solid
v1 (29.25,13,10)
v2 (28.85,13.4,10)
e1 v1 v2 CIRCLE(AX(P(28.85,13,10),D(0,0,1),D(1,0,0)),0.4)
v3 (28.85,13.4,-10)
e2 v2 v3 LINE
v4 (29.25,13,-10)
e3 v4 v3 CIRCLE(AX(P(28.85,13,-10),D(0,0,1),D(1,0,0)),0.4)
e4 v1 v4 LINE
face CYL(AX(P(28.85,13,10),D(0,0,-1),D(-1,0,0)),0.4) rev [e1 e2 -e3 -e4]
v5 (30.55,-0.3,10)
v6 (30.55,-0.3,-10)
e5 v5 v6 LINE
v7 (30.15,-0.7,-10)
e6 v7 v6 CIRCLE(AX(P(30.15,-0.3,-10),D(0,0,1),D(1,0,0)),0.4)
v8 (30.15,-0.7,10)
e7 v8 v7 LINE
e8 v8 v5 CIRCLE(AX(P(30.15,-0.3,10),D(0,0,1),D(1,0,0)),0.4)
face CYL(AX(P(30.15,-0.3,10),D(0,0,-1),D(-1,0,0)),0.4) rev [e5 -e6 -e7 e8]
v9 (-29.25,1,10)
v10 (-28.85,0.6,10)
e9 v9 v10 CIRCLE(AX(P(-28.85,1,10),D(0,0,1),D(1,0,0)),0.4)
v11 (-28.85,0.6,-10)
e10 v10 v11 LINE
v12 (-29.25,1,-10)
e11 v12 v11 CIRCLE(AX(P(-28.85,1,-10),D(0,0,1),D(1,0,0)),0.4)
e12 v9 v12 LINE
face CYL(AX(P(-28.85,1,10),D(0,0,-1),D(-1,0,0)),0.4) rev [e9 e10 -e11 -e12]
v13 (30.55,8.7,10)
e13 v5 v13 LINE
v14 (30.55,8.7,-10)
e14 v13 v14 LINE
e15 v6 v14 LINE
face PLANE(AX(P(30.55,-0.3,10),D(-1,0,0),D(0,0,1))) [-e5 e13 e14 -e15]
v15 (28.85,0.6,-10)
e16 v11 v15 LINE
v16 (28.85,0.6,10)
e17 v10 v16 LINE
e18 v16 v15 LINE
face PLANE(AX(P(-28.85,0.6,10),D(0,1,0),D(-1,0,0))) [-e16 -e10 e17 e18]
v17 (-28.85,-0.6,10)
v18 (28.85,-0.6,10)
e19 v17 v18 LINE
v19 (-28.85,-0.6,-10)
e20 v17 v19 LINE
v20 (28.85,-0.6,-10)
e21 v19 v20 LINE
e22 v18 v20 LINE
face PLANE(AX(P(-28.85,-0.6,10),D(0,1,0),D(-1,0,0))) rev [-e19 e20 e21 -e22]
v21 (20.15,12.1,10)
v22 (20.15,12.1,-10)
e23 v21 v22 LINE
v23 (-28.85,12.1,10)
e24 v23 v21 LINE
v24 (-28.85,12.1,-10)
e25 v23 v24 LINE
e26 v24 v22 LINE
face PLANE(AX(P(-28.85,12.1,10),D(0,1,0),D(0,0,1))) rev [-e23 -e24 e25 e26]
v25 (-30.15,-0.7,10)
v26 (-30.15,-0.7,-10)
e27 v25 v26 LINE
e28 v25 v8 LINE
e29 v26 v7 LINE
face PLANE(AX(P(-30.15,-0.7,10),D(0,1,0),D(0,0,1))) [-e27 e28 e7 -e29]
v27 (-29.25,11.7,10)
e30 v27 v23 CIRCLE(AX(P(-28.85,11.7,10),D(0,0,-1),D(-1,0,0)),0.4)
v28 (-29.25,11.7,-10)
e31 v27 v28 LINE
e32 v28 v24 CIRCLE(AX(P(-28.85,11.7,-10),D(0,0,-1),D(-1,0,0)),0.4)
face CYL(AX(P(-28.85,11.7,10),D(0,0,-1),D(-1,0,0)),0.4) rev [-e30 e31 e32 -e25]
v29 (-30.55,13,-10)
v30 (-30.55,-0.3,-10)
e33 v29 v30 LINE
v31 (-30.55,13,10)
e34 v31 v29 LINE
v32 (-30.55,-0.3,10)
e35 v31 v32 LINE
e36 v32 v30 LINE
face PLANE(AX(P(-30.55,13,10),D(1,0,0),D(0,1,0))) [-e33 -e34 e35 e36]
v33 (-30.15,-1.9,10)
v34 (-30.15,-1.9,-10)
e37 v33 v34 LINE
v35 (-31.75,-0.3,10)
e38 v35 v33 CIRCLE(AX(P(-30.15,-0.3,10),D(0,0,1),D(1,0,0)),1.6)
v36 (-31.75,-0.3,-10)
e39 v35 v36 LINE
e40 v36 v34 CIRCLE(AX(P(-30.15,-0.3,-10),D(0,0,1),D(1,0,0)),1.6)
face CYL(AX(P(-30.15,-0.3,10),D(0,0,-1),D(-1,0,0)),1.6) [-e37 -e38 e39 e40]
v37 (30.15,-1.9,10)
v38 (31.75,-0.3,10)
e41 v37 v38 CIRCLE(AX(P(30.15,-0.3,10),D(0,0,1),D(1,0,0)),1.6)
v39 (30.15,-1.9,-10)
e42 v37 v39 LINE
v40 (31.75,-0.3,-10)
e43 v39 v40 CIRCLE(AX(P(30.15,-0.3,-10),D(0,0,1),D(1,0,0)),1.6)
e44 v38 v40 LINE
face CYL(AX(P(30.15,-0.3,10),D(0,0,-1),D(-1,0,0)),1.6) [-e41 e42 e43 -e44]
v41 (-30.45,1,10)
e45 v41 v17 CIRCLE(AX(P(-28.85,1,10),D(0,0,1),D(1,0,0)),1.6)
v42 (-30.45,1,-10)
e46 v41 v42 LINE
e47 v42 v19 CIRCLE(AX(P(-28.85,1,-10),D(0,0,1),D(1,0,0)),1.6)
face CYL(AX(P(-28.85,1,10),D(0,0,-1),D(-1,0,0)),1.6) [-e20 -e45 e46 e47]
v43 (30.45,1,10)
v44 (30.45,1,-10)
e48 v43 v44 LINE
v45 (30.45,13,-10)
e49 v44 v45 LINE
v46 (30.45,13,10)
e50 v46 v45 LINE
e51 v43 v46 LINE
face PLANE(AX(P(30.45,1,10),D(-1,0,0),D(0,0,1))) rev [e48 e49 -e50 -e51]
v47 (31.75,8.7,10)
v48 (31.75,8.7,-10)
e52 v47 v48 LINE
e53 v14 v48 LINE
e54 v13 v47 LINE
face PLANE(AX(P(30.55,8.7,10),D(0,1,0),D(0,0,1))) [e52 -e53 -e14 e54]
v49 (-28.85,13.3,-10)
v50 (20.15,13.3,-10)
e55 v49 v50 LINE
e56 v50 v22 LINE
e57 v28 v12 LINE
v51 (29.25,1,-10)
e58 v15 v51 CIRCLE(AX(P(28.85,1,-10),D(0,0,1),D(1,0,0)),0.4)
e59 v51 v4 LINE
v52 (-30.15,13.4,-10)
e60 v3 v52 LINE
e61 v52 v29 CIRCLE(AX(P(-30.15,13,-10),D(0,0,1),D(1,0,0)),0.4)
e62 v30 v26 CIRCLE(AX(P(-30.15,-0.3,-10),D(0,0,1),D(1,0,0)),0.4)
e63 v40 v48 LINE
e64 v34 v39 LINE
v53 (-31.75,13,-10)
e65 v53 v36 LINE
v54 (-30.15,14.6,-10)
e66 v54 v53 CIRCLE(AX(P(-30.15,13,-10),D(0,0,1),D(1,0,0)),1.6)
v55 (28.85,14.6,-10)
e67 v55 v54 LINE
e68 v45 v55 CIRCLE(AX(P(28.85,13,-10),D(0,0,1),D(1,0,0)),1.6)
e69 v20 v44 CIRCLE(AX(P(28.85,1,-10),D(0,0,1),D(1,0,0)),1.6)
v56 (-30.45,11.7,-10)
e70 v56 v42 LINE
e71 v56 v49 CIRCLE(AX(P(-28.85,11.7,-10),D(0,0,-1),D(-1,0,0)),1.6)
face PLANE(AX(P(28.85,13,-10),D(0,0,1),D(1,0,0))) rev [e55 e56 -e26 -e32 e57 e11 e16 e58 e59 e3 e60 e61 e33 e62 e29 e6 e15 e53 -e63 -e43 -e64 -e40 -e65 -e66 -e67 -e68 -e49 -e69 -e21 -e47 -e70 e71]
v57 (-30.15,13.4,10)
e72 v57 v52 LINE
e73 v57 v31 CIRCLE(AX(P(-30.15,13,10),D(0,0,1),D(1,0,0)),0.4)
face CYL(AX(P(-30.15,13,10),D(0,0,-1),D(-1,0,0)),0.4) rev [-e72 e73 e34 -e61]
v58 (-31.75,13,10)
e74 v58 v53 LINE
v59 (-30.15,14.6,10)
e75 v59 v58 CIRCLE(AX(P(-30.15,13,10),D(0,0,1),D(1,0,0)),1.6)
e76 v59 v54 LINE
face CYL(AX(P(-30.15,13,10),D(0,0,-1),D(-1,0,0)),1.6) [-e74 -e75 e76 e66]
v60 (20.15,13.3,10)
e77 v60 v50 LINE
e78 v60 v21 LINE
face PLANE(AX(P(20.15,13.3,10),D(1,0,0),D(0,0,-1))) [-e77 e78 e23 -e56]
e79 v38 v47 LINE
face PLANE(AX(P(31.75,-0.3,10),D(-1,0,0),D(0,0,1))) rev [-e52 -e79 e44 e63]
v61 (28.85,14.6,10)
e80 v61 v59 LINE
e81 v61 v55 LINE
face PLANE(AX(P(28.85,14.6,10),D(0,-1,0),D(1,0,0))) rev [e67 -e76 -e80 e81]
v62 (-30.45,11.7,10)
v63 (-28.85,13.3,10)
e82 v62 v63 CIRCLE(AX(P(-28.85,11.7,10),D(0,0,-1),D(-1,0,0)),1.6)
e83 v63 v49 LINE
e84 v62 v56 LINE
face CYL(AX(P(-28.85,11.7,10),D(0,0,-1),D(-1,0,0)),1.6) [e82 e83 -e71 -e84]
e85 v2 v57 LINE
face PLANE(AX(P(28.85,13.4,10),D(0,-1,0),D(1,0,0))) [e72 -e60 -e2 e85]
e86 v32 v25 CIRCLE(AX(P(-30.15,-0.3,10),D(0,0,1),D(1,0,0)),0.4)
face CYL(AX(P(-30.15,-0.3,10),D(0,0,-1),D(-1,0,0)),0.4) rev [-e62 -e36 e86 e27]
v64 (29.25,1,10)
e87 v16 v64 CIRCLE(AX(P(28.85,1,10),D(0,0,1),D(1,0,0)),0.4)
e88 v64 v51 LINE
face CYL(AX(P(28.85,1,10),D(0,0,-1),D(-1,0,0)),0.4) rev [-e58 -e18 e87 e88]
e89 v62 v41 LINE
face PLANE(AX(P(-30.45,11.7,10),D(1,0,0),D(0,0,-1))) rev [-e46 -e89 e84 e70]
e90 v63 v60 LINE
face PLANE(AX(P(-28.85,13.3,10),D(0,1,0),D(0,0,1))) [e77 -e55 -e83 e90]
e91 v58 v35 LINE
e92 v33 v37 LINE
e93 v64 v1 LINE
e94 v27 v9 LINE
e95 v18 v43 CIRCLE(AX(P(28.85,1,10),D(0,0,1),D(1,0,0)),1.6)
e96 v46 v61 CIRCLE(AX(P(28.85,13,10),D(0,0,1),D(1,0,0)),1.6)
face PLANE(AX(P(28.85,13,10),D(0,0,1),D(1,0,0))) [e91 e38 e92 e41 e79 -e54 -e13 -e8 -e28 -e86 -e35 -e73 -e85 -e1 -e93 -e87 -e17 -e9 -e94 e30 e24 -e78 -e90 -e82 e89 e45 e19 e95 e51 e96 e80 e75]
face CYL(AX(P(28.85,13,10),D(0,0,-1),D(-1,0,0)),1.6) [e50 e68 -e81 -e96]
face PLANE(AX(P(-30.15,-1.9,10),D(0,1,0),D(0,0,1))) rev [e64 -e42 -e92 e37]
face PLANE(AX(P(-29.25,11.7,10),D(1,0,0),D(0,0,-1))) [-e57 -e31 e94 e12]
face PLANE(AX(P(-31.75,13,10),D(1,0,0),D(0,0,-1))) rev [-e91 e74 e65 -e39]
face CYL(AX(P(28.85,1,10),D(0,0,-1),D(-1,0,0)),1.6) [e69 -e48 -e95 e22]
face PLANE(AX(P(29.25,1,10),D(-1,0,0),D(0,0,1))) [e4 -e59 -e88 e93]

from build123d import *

# Parameters (mm, degrees)
BOSS_EXTRUDE2_DEPTH = 10


with BuildPart() as part:
    # Sketch1 → Boss-Extrude2 (new, symmetric)
    with BuildSketch(Plane.XY):
        with BuildLine():
            Line((-28.85, 13.3), (20.15, 13.3))
            Line((20.15, 13.3), (20.15, 12.1))
            Line((20.15, 12.1), (-28.85, 12.1))
            ThreePointArc((-28.85, 12.1), (-29.132842712, 11.982842712), (-29.25, 11.7))
            Line((-29.25, 11.7), (-29.25, 1))
            ThreePointArc((-29.25, 1), (-29.132842712, 0.717157288), (-28.85, 0.6))
            Line((-28.85, 0.6), (28.85, 0.6))
            ThreePointArc((28.85, 0.6), (29.132842712, 0.717157288), (29.25, 1))
            Line((29.25, 1), (29.25, 13))
            ThreePointArc((29.25, 13), (29.132842712, 13.282842712), (28.85, 13.4))
            Line((28.85, 13.4), (-30.15, 13.4))
            ThreePointArc((-30.15, 13.4), (-30.432842712, 13.282842712), (-30.55, 13))
            Line((-30.55, 13), (-30.55, -0.3))
            ThreePointArc((-30.55, -0.3), (-30.432842712, -0.582842712), (-30.15, -0.7))
            Line((-30.15, -0.7), (30.15, -0.7))
            ThreePointArc((30.15, -0.7), (30.432842712, -0.582842712), (30.55, -0.3))
            Line((30.55, -0.3), (30.55, 8.7))
            Line((30.55, 8.7), (31.75, 8.7))
            Line((31.75, 8.7), (31.75, -0.3))
            ThreePointArc((31.75, -0.3), (31.28137085, -1.43137085), (30.15, -1.9))
            Line((30.15, -1.9), (-30.15, -1.9))
            ThreePointArc((-30.15, -1.9), (-31.28137085, -1.43137085), (-31.75, -0.3))
            Line((-31.75, -0.3), (-31.75, 13))
            ThreePointArc((-31.75, 13), (-31.28137085, 14.13137085), (-30.15, 14.6))
            Line((-30.15, 14.6), (28.85, 14.6))
            ThreePointArc((28.85, 14.6), (29.98137085, 14.13137085), (30.45, 13))
            Line((30.45, 13), (30.45, 1))
            ThreePointArc((30.45, 1), (29.98137085, -0.13137085), (28.85, -0.6))
            Line((28.85, -0.6), (-28.85, -0.6))
            ThreePointArc((-28.85, -0.6), (-29.98137085, -0.13137085), (-30.45, 1))
            Line((-30.45, 1), (-30.45, 11.7))
            ThreePointArc((-30.45, 11.7), (-29.98137085, 12.83137085), (-28.85, 13.3))
        make_face()
    extrude(amount=BOSS_EXTRUDE2_DEPTH, both=True)


solid = part.part
